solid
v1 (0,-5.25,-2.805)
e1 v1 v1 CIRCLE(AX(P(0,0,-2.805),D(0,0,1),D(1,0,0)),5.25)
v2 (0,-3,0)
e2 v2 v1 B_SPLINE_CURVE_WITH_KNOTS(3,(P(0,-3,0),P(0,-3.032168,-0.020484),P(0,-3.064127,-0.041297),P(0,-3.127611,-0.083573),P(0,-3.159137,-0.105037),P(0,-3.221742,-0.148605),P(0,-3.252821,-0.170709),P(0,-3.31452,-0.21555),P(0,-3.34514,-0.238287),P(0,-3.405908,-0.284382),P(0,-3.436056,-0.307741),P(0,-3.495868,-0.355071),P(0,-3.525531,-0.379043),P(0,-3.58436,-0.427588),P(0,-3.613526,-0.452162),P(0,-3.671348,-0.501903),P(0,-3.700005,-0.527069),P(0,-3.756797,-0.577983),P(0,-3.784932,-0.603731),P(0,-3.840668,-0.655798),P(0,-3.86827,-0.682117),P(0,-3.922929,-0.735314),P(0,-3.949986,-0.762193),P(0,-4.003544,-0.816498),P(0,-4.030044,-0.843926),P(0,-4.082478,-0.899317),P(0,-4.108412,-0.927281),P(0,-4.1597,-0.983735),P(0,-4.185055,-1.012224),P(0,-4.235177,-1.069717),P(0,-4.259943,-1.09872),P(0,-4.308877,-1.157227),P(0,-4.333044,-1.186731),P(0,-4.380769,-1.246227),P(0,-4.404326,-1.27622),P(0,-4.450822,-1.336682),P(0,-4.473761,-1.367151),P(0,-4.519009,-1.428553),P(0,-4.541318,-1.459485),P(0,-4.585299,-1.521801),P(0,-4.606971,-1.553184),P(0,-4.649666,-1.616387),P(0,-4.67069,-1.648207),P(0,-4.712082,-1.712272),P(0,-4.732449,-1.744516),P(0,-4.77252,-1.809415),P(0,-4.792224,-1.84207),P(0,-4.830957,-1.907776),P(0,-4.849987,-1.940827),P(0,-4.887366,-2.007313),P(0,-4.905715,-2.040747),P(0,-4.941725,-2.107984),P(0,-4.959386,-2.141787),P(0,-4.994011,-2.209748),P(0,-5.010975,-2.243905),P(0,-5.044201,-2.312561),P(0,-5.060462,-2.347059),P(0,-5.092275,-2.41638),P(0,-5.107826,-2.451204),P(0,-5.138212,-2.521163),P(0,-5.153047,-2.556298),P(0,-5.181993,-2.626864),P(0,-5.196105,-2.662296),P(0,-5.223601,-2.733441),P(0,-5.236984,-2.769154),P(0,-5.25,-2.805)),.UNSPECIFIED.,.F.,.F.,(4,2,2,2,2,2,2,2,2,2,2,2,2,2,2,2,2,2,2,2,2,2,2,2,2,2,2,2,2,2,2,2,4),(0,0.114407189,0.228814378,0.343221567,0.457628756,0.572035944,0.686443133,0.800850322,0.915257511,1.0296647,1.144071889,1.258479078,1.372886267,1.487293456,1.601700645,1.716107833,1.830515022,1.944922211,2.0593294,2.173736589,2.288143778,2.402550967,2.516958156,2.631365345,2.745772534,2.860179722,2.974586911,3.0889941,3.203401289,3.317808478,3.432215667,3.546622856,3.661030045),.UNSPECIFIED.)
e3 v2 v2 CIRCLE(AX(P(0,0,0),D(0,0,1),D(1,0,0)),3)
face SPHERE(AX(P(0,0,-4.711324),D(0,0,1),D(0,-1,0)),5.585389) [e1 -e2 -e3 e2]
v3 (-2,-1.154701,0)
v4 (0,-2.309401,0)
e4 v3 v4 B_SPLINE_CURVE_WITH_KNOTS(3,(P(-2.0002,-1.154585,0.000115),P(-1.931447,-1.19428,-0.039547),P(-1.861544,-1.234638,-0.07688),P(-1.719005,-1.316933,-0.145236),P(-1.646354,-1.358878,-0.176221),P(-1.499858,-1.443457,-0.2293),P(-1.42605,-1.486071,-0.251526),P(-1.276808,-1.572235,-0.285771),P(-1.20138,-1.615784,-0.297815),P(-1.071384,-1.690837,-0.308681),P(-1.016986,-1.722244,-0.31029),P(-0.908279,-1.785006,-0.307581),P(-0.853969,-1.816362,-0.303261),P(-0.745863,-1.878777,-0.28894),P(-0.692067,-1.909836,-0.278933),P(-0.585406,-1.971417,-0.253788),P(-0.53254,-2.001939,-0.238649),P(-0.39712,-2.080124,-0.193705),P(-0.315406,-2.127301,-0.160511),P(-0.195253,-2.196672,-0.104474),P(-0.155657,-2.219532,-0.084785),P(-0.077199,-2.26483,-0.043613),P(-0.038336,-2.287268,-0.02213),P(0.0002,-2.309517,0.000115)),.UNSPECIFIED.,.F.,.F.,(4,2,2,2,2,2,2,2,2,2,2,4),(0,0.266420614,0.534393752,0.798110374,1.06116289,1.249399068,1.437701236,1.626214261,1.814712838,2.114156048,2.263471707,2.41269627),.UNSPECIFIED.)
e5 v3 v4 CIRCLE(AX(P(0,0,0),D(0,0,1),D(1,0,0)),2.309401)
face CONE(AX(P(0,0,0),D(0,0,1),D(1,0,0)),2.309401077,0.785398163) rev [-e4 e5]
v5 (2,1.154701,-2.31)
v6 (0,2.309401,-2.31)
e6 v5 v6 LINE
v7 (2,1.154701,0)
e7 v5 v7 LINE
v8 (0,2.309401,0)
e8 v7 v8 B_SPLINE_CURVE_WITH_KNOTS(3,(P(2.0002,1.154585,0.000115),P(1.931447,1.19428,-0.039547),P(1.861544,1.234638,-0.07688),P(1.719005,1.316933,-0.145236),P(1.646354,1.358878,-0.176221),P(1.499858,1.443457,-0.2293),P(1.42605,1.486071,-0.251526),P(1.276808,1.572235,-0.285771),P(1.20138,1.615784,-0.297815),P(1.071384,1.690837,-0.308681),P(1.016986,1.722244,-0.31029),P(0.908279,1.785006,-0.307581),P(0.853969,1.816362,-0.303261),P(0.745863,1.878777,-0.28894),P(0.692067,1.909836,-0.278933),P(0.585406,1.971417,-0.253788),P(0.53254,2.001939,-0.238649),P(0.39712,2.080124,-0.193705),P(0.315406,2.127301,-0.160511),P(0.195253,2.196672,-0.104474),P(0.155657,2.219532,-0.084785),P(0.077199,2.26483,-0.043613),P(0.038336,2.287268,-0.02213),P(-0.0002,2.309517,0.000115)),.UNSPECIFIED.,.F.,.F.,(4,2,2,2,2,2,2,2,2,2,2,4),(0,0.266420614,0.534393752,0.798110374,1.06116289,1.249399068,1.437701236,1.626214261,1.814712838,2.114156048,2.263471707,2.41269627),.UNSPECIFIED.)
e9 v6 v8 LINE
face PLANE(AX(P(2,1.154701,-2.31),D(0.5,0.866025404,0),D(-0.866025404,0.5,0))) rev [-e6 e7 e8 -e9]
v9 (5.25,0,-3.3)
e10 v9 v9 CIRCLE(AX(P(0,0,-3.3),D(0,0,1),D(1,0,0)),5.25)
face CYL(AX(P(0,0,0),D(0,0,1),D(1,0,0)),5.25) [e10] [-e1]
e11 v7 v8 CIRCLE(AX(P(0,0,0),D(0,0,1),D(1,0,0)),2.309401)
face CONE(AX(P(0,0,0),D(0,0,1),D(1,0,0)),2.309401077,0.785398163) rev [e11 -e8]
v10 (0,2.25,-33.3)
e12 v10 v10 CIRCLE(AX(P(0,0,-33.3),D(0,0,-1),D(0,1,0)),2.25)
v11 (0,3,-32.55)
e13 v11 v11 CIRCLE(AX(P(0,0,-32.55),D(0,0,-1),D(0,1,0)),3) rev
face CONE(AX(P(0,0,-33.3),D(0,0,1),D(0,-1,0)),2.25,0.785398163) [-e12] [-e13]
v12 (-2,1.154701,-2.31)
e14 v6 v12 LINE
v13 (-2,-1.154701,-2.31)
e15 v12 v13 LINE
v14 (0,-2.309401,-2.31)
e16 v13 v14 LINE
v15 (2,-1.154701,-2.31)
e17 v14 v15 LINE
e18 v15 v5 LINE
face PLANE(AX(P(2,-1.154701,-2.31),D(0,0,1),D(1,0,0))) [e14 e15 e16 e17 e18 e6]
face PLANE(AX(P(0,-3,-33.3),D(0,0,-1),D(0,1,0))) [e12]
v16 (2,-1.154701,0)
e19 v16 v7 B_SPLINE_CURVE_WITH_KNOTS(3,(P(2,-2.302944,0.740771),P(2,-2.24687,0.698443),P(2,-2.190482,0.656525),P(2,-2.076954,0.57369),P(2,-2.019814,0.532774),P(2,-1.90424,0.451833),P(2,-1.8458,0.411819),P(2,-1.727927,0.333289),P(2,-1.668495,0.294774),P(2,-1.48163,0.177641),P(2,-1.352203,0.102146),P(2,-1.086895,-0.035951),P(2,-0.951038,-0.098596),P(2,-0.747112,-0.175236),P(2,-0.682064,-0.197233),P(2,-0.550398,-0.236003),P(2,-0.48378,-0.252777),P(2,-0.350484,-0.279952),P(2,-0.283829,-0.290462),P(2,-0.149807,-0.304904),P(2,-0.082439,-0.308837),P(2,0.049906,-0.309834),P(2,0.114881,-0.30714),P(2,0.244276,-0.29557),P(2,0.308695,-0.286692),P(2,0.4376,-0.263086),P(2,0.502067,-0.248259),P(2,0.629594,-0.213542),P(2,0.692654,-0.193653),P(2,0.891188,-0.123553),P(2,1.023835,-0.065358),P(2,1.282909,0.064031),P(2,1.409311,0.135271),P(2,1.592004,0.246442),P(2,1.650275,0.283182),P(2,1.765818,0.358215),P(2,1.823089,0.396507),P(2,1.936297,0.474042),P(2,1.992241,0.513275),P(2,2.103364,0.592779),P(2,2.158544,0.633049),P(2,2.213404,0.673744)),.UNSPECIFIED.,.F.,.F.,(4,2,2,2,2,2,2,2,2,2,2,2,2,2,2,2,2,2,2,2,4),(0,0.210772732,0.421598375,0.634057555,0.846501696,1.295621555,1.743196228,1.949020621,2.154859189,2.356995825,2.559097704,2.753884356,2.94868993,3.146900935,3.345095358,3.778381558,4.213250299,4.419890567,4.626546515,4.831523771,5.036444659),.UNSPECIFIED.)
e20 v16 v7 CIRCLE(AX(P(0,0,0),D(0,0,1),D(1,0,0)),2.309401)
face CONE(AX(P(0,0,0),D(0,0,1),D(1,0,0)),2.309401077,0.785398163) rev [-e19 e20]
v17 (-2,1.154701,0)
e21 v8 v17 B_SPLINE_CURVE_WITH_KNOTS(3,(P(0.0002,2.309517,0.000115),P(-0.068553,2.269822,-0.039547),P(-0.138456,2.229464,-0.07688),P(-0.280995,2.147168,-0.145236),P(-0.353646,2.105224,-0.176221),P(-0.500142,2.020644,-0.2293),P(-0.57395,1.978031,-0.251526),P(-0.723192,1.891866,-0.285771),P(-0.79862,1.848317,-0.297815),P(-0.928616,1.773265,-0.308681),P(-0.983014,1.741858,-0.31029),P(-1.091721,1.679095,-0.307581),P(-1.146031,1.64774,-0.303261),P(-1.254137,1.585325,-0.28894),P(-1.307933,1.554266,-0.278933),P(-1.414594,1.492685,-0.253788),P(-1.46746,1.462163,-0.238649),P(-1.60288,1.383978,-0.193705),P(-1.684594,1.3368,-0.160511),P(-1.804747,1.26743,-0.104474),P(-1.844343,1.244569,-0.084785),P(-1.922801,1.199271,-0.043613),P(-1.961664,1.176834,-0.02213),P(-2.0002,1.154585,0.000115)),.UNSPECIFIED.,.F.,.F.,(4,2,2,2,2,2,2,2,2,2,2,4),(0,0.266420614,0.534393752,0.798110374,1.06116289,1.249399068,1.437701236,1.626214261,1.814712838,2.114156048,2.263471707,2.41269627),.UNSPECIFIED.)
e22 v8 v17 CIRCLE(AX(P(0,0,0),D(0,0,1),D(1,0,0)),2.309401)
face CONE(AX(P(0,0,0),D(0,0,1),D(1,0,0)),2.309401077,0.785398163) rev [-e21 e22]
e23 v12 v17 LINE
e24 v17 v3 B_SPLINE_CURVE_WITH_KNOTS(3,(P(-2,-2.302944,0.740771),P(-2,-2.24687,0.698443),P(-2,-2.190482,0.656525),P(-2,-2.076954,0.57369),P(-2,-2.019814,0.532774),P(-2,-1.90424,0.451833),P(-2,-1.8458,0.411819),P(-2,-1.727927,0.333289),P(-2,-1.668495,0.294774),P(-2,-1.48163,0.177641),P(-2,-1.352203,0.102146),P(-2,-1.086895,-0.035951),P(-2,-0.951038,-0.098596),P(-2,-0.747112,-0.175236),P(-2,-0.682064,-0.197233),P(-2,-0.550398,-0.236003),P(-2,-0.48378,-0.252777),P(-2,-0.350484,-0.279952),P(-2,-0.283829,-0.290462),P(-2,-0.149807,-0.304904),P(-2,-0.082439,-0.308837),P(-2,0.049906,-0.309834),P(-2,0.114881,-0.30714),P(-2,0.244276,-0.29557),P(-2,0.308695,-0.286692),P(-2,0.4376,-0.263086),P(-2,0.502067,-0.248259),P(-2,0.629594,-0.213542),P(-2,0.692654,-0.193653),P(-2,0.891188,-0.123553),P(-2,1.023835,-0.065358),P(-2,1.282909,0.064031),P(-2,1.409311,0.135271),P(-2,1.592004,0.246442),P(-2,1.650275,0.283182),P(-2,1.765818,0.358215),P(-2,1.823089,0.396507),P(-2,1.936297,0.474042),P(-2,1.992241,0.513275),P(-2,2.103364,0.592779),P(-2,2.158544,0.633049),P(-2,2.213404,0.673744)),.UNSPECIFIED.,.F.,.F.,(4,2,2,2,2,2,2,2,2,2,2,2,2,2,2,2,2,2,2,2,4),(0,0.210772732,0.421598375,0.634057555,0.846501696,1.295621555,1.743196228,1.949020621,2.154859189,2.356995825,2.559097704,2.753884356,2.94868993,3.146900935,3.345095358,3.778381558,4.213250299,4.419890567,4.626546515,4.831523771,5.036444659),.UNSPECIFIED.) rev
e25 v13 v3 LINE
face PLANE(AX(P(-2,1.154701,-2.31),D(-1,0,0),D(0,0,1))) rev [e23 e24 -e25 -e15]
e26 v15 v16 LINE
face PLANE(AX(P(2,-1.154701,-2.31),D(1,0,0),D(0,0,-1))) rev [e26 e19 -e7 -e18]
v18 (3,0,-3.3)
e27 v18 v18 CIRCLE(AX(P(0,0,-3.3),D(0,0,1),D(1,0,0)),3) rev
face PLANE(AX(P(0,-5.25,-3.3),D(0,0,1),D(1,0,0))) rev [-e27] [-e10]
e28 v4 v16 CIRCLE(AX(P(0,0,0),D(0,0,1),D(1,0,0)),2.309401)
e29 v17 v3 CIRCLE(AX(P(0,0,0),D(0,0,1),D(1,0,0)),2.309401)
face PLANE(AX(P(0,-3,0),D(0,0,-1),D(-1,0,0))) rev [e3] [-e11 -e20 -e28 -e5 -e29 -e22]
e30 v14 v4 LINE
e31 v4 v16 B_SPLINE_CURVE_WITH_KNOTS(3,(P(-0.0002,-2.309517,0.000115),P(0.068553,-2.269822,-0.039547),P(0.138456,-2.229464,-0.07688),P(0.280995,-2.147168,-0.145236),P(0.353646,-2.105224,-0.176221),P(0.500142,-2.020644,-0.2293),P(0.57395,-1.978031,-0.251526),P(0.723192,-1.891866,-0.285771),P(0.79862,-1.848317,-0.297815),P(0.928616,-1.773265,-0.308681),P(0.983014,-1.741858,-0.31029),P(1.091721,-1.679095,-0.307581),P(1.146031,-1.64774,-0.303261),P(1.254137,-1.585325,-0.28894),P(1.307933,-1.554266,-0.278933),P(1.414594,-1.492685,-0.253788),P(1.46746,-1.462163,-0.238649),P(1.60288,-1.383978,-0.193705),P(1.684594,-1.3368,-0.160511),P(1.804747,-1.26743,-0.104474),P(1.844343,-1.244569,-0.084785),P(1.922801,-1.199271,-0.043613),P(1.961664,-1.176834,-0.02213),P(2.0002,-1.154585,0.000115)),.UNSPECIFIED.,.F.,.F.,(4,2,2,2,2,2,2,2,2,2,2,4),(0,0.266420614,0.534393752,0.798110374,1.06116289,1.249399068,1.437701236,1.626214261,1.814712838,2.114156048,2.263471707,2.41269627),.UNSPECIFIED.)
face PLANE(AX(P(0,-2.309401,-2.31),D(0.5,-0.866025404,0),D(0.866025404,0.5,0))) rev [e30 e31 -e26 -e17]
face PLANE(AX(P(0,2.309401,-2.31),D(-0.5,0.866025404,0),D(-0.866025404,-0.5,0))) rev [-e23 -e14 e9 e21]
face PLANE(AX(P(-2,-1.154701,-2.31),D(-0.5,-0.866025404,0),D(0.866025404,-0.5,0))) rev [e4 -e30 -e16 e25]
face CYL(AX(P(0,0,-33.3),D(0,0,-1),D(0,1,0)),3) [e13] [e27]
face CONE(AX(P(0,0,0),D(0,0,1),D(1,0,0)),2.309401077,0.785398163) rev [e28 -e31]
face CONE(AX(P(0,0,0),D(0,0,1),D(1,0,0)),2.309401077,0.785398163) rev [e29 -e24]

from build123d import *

# Parameters (mm, degrees)
SKETCH1_W          = 30
SKETCH1_H          = 3
CHAMFER1_SIZE      = 0.75
CUT_EXTRUDE2_DEPTH = 2.31


with BuildPart() as part:
    # Sketch1 → Revolve1 (revolve)
    with BuildSketch(Plane(origin=(0, 0, 0), x_dir=(0, 0, -1), z_dir=(1, 0, 0))):
        with Locations((18.3, 1.5)):
            Rectangle(SKETCH1_W, SKETCH1_H)
    revolve(axis=Axis((0, 0, -33.3), (0, 0, 1)))

    # Chamfer1
    chamfer1_edges = [part.edges().sort_by_distance(p)[0] for p in [
        (0, -3, -33.3),
    ]]
    chamfer(chamfer1_edges, length=CHAMFER1_SIZE)

    # Sketch7 → Revolve2 (revolve)
    with BuildSketch(Plane(origin=(0, 0, 0), x_dir=(0, 0, -1), z_dir=(1, 0, 0))):
        with BuildLine():
            Line((2.805, 5.25), (3.3, 5.25))
            Line((3.3, 5.25), (3.3, 0))
            Line((3.3, 0), (0, 0))
            Line((0, 0), (0, 3))
            ThreePointArc((0, 3), (1.216479019, 4.356906156), (2.805, 5.25))
        make_face()
    revolve(axis=Axis((0, 0, 0), (0, 0, -1)))

    # Sketch5 → Cut-Extrude2 (cut)
    with BuildSketch(Plane.XY):
        Polygon((2, -1.154700538), (2, 1.154700538), (0, 2.309401077), (-2, 1.154700538), (-2, -1.154700538), (0, -2.309401077), align=None)
    extrude(amount=-CUT_EXTRUDE2_DEPTH, mode=Mode.SUBTRACT)

    # Cut-Extrude3 cone 1 section (through the dimple's axis) → Cut-Extrude3 (revolve, cut)
    with BuildSketch(Plane(origin=(0, 0, 0), x_dir=(0, -1, 0), z_dir=(1, 0, 0))):
        Polygon((0, 0), (2.309401077, 0), (0, 2.309401077), align=None)
    revolve(axis=Axis((0, 0, 0), (0, 0, -1)), mode=Mode.SUBTRACT)


solid = part.part
